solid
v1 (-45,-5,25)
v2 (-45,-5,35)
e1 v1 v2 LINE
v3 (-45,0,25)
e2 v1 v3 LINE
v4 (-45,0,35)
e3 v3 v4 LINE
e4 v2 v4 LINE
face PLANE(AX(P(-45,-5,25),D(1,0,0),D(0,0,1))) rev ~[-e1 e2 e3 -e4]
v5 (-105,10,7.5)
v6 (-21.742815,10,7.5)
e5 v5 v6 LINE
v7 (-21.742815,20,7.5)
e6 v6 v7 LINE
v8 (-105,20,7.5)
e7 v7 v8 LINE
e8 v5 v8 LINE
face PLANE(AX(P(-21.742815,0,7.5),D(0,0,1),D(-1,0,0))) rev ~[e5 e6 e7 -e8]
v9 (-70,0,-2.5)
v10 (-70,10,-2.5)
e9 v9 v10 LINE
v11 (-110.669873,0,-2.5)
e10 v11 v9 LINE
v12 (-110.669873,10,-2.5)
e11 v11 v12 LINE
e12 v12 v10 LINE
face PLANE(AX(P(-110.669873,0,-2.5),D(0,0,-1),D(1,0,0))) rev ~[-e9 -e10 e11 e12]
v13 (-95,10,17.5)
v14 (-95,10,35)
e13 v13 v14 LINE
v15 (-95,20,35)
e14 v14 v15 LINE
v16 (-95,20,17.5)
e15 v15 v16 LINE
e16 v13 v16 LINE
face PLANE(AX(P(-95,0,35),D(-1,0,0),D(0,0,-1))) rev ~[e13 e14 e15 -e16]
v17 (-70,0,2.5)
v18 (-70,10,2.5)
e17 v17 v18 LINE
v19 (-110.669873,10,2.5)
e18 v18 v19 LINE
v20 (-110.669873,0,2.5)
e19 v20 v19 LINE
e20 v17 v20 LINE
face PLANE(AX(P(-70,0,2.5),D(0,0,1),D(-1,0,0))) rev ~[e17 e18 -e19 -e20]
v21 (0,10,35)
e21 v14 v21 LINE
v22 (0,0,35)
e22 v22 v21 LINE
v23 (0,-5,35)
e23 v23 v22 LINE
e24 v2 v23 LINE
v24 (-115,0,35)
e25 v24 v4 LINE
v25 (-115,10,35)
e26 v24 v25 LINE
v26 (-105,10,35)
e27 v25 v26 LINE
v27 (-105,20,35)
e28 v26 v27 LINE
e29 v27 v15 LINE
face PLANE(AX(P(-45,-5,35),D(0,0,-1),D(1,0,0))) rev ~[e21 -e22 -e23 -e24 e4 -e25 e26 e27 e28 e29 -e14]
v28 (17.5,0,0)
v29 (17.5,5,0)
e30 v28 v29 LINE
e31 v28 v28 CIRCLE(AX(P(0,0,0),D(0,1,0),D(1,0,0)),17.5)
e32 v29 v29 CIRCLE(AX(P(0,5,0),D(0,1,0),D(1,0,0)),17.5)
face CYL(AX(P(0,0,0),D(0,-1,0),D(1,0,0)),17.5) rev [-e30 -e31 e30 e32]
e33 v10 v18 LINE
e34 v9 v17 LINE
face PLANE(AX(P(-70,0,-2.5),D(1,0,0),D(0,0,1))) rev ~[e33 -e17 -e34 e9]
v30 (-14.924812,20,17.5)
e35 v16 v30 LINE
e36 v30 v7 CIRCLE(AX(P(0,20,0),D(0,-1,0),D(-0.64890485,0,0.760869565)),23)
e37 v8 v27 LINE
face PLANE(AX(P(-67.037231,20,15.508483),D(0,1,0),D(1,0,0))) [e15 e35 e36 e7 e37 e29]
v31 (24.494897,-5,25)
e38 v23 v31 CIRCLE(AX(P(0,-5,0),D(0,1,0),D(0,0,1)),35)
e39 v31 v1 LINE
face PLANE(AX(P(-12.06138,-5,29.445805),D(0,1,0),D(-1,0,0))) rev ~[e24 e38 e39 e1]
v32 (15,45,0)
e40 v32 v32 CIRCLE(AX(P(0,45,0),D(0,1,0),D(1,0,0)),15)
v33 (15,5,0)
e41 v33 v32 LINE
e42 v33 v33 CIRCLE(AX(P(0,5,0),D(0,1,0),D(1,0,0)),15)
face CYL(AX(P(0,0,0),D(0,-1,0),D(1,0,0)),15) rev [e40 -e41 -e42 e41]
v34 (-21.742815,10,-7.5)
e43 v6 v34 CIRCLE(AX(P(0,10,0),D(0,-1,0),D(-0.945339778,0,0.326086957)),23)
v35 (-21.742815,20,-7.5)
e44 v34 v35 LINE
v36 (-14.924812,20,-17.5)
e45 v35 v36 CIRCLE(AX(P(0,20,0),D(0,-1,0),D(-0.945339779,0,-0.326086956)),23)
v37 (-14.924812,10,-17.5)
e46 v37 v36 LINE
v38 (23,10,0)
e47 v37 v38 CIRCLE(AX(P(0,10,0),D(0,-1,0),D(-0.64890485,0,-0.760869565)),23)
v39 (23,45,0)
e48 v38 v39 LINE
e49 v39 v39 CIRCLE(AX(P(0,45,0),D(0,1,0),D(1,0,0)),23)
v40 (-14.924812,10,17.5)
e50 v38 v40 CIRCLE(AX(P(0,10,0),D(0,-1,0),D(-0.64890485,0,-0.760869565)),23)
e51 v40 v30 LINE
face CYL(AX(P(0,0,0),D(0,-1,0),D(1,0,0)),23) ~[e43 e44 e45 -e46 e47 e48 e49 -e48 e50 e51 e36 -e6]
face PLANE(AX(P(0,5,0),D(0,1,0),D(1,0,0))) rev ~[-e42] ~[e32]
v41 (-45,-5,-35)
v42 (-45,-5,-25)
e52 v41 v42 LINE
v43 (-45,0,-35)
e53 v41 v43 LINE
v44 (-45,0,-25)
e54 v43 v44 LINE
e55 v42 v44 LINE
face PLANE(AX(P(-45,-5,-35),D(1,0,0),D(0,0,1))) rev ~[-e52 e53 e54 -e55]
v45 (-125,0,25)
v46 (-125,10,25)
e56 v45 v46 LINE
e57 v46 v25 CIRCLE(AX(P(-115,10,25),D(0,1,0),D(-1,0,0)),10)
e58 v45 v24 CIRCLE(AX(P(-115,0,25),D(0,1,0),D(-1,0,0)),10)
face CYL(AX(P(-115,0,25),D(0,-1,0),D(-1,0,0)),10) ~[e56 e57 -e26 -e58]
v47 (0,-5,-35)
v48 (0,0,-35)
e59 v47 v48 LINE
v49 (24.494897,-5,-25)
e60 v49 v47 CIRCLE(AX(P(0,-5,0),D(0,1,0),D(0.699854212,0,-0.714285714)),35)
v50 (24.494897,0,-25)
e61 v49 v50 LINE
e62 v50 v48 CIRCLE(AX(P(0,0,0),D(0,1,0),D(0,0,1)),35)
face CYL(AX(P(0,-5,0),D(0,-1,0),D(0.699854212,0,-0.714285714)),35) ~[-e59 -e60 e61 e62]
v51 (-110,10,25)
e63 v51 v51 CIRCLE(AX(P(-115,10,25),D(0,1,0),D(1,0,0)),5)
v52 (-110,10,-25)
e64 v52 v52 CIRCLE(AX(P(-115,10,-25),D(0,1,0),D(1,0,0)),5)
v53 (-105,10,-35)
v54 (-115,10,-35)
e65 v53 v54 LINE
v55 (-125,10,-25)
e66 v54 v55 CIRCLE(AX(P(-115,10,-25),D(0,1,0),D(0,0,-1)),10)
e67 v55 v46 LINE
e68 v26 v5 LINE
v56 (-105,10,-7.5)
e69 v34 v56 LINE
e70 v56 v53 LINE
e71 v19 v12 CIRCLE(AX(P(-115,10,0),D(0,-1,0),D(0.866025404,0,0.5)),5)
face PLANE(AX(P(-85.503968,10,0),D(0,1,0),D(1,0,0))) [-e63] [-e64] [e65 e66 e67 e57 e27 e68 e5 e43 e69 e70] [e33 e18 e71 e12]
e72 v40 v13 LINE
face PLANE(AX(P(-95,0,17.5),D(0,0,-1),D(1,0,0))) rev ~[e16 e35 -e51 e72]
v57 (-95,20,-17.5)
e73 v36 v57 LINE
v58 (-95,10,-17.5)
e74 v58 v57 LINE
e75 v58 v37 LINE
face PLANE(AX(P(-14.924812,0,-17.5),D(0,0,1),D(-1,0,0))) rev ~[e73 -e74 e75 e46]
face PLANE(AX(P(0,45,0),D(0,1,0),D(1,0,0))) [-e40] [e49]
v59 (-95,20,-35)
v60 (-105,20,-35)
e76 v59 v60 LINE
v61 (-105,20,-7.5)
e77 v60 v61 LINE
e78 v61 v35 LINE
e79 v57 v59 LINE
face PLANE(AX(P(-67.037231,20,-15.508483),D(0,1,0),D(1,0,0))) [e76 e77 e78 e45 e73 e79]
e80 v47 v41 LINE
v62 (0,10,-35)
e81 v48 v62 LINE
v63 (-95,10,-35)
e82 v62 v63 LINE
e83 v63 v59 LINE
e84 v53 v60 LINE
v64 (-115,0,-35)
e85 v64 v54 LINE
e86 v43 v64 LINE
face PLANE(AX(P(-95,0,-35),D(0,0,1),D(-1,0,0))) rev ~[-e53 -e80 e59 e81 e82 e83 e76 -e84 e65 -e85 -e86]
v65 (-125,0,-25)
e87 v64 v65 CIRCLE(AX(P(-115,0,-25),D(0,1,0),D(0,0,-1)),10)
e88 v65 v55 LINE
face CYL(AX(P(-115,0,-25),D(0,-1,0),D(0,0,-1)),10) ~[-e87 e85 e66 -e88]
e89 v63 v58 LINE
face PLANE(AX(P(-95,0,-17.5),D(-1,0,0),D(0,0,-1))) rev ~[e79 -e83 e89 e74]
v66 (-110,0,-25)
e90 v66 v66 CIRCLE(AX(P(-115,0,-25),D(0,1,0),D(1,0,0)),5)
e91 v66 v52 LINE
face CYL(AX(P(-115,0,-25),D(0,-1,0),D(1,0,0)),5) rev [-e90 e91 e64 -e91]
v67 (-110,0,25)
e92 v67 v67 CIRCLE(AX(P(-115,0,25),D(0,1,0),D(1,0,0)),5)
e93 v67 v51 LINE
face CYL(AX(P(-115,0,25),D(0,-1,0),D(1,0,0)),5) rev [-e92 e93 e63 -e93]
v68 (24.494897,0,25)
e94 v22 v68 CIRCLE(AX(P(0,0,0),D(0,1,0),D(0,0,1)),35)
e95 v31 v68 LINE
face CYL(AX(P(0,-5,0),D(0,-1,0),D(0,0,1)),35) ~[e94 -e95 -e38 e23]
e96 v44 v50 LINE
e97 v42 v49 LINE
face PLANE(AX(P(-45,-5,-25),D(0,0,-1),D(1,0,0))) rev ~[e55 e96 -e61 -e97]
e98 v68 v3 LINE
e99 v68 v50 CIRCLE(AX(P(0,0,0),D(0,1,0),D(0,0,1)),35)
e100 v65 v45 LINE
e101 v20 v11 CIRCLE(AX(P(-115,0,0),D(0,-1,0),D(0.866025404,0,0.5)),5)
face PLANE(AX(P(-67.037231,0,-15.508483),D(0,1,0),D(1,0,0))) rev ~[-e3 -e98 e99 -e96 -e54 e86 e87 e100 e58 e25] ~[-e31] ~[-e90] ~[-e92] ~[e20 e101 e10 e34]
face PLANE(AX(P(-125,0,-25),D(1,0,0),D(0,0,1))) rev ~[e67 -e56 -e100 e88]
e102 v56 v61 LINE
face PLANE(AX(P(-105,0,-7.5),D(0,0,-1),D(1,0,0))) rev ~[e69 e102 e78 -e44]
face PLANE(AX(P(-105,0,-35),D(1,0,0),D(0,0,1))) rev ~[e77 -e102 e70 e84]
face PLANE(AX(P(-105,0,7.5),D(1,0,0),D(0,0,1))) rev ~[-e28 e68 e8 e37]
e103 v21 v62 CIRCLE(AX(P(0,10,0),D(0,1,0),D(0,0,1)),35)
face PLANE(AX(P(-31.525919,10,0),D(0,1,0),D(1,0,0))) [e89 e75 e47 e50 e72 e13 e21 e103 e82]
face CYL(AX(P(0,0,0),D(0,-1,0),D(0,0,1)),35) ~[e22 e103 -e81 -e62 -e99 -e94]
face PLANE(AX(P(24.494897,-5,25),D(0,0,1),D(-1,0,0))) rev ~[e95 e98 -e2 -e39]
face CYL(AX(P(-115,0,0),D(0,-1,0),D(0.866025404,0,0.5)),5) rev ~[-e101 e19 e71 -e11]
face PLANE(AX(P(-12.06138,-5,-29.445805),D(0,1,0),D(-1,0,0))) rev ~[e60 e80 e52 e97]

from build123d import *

# Parameters (mm, degrees)
EXTRUDE_1_DEPTH     = 10
SKETCH_1_R          = 5
EXTRUDE_1_2_DEPTH   = 10
EXTRUDE_2_DEPTH     = 20
SKETCH_1_4_R        = 23
SKETCH_1_4_R_2      = 15
EXTRUDE_3_DEPTH     = 45
SKETCH_1_5_R        = 17.5
SKETCH_1_5_R_2      = 15
CUT_EXTRUDE_1_DEPTH = 5
EXTRUDE_START       = 5
EXTRUDE_4_DEPTH     = 5


with BuildPart() as part:
    # 草图1 → 凸台-拉伸1 (new body)
    with BuildSketch(Plane(origin=(0, 0, 0), x_dir=(1, 0, 0), z_dir=(0, 1, 0))):
        with BuildLine():
            ThreePointArc((0, -35), (35, 0), (0, 35))
            Line((0, 35), (-95, 35))
            Line((-95, 35), (-95, 17.5))
            Line((-95, 17.5), (-14.924811557, 17.5))
            ThreePointArc((-14.924811557, 17.5), (23, 0), (-14.924811557, -17.5))
            Line((-14.924811557, -17.5), (-95, -17.5))
            Line((-95, -17.5), (-95, -35))
            Line((-95, -35), (0, -35))
        make_face()
    extrude(amount=EXTRUDE_1_DEPTH)



with BuildPart() as body_2:
    # 草图1 → Extrude 1 2 (new body)
    with BuildSketch(Plane(origin=(0, 0, 0), x_dir=(1, 0, 0), z_dir=(0, 1, 0))):
        with BuildLine():
            Line((-105, 7.5), (-105, 35))
            Line((-105, 35), (-115, 35))
            ThreePointArc((-115, 35), (-122.071067812, 32.071067812), (-125, 25))
            Line((-125, 25), (-125, -25))
            ThreePointArc((-125, -25), (-122.071067812, -32.071067812), (-115, -35))
            Line((-115, -35), (-105, -35))
            Line((-105, -35), (-105, -7.5))
            Line((-105, -7.5), (-21.742814905, -7.5))
            ThreePointArc((-21.742814905, -7.5), (-23, 0), (-21.742814905, 7.5))
            Line((-21.742814905, 7.5), (-105, 7.5))
        make_face()
        with BuildLine():
            Line((-70, 2.5), (-70, -2.5))
            Line((-70, -2.5), (-110.669872981, -2.5))
            ThreePointArc((-110.669872981, -2.5), (-120, 0), (-110.669872981, 2.5))
            Line((-110.669872981, 2.5), (-70, 2.5))
        make_face(mode=Mode.SUBTRACT)
        with Locations((-115, 25)):
            Circle(SKETCH_1_R, mode=Mode.SUBTRACT)
        with Locations((-115, -25)):
            Circle(SKETCH_1_R, mode=Mode.SUBTRACT)
    extrude(amount=EXTRUDE_1_2_DEPTH)


with BuildPart() as part_1:
    add(part.part)

    add(body_2.part)  # 凸台-拉伸2 merges body 2
    # 草图1<3> → 凸台-拉伸2 (add)
    with BuildSketch(Plane(origin=(0, 0, 0), x_dir=(1, 0, 0), z_dir=(0, 1, 0))):
        with BuildLine():
            Line((-95, 17.5), (-95, 35))
            Line((-95, 35), (-105, 35))
            Line((-105, 35), (-105, 7.5))
            Line((-105, 7.5), (-21.742814905, 7.5))
            ThreePointArc((-21.742814905, 7.5), (-19.00338674, 12.956515443), (-14.924811557, 17.5))
            Line((-14.924811557, 17.5), (-95, 17.5))
        make_face()
        with BuildLine():
            Line((-105, -35), (-95, -35))
            Line((-95, -35), (-95, -17.5))
            Line((-95, -17.5), (-14.924811557, -17.5))
            ThreePointArc((-14.924811557, -17.5), (-19.00338674, -12.956515443), (-21.742814905, -7.5))
            Line((-21.742814905, -7.5), (-105, -7.5))
            Line((-105, -7.5), (-105, -35))
        make_face()
    extrude(amount=EXTRUDE_2_DEPTH)

    # 草图1<4> → 凸台-拉伸3 (add)
    with BuildSketch(Plane(origin=(0, 0, 0), x_dir=(1, 0, 0), z_dir=(0, 1, 0))):
        Circle(SKETCH_1_4_R)
        Circle(SKETCH_1_4_R_2, mode=Mode.SUBTRACT)
    extrude(amount=EXTRUDE_3_DEPTH)

    # 草图1<5> → 切除-拉伸1 (cut)
    with BuildSketch(Plane(origin=(0, 0, 0), x_dir=(1, 0, 0), z_dir=(0, 1, 0))):
        Circle(SKETCH_1_5_R)
        Circle(SKETCH_1_5_R_2, mode=Mode.SUBTRACT)
    extrude(amount=CUT_EXTRUDE_1_DEPTH, mode=Mode.SUBTRACT)

    # 草图2 → 凸台-拉伸4 (add)
    with BuildSketch(Plane.XZ.offset(EXTRUDE_START)):
        with BuildLine():
            Line((-45, 35), (0, 35))
            ThreePointArc((0, 35), (13.228756555, 32.403703492), (24.494897428, 25))
            Line((24.494897428, 25), (-45, 25))
            Line((-45, 25), (-45, 35))
        make_face()
        with BuildLine():
            Line((-45, -25), (24.494897428, -25))
            ThreePointArc((24.494897428, -25), (13.228756555, -32.403703492), (0, -35))
            Line((0, -35), (-45, -35))
            Line((-45, -35), (-45, -25))
        make_face()
    extrude(amount=-EXTRUDE_4_DEPTH)


solid = part_1.part
